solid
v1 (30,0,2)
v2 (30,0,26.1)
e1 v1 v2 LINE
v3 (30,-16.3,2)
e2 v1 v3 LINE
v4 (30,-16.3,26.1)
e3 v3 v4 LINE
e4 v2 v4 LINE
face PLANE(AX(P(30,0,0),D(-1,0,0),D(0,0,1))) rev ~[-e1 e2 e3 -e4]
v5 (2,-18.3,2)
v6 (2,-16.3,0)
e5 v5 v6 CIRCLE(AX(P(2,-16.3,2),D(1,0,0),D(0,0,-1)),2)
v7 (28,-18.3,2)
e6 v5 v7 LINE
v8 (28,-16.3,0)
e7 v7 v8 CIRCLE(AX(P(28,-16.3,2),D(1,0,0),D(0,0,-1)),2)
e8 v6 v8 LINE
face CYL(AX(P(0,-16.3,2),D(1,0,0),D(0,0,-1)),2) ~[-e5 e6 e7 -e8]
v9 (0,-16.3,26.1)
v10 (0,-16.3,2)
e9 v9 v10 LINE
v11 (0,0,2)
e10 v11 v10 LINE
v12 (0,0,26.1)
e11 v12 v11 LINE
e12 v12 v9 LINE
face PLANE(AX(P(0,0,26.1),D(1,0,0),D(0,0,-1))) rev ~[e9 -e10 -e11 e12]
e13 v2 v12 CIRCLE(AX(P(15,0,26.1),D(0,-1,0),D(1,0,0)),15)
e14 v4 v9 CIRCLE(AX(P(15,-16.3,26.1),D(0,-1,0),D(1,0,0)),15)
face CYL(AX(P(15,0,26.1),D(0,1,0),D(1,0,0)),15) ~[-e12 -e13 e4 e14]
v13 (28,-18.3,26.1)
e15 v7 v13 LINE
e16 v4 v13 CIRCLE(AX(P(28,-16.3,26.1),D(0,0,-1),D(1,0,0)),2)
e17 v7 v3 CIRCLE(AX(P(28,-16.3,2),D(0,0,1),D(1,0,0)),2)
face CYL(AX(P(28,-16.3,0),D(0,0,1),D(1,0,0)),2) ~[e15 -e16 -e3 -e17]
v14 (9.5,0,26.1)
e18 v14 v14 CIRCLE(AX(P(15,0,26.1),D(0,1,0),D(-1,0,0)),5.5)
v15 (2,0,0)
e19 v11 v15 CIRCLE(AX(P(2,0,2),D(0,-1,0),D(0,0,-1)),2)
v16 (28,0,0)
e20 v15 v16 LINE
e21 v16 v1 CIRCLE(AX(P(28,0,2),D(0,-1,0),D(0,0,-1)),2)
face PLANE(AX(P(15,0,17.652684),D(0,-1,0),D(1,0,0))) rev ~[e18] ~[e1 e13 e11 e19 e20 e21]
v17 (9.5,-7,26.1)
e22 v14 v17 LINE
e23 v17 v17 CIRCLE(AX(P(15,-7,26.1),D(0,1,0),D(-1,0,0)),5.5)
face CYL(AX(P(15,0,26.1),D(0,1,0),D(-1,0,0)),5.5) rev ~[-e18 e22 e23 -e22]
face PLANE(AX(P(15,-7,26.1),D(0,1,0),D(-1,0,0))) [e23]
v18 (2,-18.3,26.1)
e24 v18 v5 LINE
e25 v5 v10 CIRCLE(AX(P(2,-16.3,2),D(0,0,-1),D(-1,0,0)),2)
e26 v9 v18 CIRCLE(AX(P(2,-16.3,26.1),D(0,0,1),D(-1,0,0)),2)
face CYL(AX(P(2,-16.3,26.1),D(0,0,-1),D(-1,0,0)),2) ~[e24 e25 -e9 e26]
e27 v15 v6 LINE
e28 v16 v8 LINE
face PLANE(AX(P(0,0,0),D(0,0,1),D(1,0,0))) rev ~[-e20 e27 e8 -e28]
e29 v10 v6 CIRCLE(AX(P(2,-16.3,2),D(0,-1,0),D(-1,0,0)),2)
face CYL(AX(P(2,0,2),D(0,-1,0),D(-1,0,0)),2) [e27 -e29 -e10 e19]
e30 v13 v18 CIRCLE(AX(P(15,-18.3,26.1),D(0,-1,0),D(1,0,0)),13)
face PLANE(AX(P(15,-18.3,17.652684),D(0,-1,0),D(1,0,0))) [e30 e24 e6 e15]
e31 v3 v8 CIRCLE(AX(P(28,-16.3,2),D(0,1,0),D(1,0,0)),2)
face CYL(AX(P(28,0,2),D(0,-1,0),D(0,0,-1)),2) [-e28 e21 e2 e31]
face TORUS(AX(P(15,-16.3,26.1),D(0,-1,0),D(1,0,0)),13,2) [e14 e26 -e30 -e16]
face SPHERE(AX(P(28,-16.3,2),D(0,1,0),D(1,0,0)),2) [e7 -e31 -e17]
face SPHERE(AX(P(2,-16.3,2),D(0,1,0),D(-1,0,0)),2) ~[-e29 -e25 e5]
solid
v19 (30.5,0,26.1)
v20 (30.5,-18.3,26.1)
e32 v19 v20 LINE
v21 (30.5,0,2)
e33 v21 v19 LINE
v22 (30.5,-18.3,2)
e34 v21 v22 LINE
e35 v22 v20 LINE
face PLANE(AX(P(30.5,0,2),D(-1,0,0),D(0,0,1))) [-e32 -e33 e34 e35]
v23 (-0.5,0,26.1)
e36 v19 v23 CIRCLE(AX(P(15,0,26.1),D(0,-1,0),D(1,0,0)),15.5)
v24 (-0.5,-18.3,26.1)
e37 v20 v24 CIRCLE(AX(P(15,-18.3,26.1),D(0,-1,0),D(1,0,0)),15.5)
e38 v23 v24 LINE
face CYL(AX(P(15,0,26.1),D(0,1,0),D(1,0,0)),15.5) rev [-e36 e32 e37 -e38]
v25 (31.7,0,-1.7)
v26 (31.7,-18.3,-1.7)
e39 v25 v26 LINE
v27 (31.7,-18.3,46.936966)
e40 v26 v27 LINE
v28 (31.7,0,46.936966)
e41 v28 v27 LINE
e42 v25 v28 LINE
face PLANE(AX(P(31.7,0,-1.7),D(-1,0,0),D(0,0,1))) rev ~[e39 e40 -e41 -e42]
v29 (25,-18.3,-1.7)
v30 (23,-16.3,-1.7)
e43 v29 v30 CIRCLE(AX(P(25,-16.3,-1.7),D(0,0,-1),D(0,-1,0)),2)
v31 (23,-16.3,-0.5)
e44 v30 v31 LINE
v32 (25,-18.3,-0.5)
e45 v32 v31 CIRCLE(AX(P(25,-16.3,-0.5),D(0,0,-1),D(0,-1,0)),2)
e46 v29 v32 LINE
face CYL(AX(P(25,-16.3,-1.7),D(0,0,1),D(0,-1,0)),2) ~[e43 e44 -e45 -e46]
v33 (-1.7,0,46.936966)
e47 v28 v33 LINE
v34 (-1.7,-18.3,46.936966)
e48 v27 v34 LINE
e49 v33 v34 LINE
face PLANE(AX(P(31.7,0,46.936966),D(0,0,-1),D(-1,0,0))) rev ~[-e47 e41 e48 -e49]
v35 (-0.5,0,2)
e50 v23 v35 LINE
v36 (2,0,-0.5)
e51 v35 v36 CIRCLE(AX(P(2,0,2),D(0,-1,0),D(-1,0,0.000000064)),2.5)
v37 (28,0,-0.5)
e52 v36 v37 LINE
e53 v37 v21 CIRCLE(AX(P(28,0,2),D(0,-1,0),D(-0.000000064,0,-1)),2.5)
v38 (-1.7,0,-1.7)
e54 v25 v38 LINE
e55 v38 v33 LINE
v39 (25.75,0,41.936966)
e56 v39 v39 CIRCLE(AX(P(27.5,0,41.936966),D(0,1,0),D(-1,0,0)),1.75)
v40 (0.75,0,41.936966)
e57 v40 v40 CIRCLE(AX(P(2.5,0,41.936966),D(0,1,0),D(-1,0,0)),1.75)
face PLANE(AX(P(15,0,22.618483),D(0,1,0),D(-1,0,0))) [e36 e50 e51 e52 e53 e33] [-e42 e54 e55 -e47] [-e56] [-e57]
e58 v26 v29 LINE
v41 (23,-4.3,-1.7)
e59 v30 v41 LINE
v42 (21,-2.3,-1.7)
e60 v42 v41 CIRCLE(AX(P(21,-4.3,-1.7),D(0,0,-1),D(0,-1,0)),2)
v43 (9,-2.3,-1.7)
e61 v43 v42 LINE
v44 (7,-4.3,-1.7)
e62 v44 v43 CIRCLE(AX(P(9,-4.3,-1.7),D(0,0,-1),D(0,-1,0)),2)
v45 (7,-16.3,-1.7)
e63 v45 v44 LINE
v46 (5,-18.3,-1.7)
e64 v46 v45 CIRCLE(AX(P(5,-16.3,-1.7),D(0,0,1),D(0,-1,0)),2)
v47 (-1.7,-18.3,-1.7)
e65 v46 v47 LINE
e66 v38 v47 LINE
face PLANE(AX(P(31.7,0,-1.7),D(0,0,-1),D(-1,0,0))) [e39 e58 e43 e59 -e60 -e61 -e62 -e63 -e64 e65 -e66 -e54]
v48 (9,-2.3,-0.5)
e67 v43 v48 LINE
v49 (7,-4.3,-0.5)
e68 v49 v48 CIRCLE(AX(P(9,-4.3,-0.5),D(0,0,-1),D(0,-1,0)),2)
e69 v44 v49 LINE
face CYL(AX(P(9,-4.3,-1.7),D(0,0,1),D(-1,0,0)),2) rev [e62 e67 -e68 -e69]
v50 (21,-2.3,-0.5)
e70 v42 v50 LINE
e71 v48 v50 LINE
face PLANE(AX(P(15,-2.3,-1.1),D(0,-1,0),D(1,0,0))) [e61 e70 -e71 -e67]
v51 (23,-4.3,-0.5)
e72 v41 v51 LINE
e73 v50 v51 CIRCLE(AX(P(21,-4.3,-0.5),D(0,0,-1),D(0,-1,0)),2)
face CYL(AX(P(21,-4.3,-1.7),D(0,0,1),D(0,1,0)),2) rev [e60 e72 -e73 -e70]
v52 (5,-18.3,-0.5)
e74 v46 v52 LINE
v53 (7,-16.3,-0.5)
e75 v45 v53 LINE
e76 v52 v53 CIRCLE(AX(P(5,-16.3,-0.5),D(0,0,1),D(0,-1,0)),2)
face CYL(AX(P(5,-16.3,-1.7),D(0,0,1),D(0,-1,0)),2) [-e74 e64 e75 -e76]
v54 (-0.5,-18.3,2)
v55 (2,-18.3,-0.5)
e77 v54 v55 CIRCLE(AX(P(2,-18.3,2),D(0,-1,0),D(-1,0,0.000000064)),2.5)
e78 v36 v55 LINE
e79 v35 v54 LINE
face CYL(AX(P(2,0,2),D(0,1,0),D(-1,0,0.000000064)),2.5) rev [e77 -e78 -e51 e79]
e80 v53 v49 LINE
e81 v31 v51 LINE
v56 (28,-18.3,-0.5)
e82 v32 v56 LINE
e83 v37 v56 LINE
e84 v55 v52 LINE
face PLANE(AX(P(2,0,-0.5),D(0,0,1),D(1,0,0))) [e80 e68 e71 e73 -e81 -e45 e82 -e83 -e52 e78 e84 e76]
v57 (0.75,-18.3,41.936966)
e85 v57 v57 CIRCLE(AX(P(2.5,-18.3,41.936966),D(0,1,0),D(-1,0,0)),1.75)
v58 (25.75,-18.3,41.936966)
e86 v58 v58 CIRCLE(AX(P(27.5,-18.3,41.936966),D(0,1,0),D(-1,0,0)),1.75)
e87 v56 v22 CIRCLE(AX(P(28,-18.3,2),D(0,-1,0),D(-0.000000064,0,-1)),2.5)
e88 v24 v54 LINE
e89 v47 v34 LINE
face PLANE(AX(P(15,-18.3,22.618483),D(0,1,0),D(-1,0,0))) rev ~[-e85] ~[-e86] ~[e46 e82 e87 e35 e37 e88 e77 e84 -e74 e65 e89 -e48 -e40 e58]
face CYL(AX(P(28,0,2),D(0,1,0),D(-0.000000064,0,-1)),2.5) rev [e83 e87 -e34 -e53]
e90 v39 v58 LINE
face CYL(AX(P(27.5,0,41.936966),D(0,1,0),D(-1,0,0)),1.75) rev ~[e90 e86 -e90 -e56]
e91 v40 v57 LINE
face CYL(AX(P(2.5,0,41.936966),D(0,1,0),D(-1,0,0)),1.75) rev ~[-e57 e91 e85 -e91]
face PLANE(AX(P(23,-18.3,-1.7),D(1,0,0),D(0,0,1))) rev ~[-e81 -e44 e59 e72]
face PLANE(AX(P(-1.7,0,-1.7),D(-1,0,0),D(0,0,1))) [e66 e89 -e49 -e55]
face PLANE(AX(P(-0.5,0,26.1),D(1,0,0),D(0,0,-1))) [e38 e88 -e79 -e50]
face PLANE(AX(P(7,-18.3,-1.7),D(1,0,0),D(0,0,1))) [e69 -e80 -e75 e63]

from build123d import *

# Parameters (mm, degrees)
F1_DEPTH = 18.3
F2_R     = 2
F3_R     = 5.5
F4_DEPTH = 7
F5_W     = 33.4
F5_H     = 48.636966
F5_R     = 1.75
F6_DEPTH = 18.3
F7_W     = 16
F7_H     = 1.2
F8_DEPTH = 16
F9_R     = 2


with BuildPart() as f1:
    # F0 (on Front) → F1 (new body)
    with BuildSketch(Plane.XZ):
        with BuildLine():
            Line((0, 26.1), (0, 0))
            Line((0, 0), (30, 0))
            Line((30, 0), (30, 26.1))
            ThreePointArc((30, 26.1), (15, 41.1), (0, 26.1))
        make_face()
    extrude(amount=F1_DEPTH)

    # F2
    f2_edges = [f1.edges().sort_by_distance(p)[0] for p in [
        (30, -9.15, 0),
        (0, -9.15, 0),
        (0, -18.3, 13.05),
        (15, -18.3, 0),
        (30, -18.3, 13.05),
        (15, -18.3, 41.1),
    ]]
    fillet(f2_edges, radius=F2_R)

    # F3 (on face) → F4 (cut)
    with BuildSketch(Plane(origin=(0, 0, 0), x_dir=(-1, 0, 0), z_dir=(0, 1, 0))):
        with Locations((-15, 26.1)):
            Circle(F3_R)
    extrude(amount=-F4_DEPTH, mode=Mode.SUBTRACT)


with BuildPart() as f6:
    # F5 (on face) → F6 (new body, through all)
    with BuildSketch(Plane(origin=(0, 0, 0), x_dir=(-1, 0, 0), z_dir=(0, 1, 0))):
        with Locations((-15, 22.618483)):
            Rectangle(F5_W, F5_H)
        with BuildLine():
            Line((-30.5, 2), (-30.5, 26.1))
            ThreePointArc((-30.5, 26.1), (-15, 41.6), (0.5, 26.1))
            Line((0.5, 26.1), (0.5, 2))
            ThreePointArc((0.5, 2), (-0.232233, 0.232233), (-2, -0.5))
            Line((-2, -0.5), (-28, -0.5))
            ThreePointArc((-28, -0.5), (-29.767767, 0.232233), (-30.5, 2))
        make_face(mode=Mode.SUBTRACT)
        with Locations((-27.5, 41.936966)):
            Circle(F5_R, mode=Mode.SUBTRACT)
        with Locations((-2.5, 41.936966)):
            Circle(F5_R, mode=Mode.SUBTRACT)
    extrude(amount=-F6_DEPTH)

    # F7 (on face) → F8 (cut)
    with BuildSketch(Plane.XZ.offset(18.3)):
        with Locations((15, -1.1)):
            Rectangle(F7_W, F7_H)
    extrude(amount=-F8_DEPTH, mode=Mode.SUBTRACT)

    # F9
    f9_edges = [f6.edges().sort_by_distance(p)[0] for p in [
        (7, -18.3, -1.1),
        (23, -18.3, -1.1),
        (7, -2.3, -1.1),
        (23, -2.3, -1.1),
    ]]
    fillet(f9_edges, radius=F9_R)


solid = Compound([f1.part, f6.part])
